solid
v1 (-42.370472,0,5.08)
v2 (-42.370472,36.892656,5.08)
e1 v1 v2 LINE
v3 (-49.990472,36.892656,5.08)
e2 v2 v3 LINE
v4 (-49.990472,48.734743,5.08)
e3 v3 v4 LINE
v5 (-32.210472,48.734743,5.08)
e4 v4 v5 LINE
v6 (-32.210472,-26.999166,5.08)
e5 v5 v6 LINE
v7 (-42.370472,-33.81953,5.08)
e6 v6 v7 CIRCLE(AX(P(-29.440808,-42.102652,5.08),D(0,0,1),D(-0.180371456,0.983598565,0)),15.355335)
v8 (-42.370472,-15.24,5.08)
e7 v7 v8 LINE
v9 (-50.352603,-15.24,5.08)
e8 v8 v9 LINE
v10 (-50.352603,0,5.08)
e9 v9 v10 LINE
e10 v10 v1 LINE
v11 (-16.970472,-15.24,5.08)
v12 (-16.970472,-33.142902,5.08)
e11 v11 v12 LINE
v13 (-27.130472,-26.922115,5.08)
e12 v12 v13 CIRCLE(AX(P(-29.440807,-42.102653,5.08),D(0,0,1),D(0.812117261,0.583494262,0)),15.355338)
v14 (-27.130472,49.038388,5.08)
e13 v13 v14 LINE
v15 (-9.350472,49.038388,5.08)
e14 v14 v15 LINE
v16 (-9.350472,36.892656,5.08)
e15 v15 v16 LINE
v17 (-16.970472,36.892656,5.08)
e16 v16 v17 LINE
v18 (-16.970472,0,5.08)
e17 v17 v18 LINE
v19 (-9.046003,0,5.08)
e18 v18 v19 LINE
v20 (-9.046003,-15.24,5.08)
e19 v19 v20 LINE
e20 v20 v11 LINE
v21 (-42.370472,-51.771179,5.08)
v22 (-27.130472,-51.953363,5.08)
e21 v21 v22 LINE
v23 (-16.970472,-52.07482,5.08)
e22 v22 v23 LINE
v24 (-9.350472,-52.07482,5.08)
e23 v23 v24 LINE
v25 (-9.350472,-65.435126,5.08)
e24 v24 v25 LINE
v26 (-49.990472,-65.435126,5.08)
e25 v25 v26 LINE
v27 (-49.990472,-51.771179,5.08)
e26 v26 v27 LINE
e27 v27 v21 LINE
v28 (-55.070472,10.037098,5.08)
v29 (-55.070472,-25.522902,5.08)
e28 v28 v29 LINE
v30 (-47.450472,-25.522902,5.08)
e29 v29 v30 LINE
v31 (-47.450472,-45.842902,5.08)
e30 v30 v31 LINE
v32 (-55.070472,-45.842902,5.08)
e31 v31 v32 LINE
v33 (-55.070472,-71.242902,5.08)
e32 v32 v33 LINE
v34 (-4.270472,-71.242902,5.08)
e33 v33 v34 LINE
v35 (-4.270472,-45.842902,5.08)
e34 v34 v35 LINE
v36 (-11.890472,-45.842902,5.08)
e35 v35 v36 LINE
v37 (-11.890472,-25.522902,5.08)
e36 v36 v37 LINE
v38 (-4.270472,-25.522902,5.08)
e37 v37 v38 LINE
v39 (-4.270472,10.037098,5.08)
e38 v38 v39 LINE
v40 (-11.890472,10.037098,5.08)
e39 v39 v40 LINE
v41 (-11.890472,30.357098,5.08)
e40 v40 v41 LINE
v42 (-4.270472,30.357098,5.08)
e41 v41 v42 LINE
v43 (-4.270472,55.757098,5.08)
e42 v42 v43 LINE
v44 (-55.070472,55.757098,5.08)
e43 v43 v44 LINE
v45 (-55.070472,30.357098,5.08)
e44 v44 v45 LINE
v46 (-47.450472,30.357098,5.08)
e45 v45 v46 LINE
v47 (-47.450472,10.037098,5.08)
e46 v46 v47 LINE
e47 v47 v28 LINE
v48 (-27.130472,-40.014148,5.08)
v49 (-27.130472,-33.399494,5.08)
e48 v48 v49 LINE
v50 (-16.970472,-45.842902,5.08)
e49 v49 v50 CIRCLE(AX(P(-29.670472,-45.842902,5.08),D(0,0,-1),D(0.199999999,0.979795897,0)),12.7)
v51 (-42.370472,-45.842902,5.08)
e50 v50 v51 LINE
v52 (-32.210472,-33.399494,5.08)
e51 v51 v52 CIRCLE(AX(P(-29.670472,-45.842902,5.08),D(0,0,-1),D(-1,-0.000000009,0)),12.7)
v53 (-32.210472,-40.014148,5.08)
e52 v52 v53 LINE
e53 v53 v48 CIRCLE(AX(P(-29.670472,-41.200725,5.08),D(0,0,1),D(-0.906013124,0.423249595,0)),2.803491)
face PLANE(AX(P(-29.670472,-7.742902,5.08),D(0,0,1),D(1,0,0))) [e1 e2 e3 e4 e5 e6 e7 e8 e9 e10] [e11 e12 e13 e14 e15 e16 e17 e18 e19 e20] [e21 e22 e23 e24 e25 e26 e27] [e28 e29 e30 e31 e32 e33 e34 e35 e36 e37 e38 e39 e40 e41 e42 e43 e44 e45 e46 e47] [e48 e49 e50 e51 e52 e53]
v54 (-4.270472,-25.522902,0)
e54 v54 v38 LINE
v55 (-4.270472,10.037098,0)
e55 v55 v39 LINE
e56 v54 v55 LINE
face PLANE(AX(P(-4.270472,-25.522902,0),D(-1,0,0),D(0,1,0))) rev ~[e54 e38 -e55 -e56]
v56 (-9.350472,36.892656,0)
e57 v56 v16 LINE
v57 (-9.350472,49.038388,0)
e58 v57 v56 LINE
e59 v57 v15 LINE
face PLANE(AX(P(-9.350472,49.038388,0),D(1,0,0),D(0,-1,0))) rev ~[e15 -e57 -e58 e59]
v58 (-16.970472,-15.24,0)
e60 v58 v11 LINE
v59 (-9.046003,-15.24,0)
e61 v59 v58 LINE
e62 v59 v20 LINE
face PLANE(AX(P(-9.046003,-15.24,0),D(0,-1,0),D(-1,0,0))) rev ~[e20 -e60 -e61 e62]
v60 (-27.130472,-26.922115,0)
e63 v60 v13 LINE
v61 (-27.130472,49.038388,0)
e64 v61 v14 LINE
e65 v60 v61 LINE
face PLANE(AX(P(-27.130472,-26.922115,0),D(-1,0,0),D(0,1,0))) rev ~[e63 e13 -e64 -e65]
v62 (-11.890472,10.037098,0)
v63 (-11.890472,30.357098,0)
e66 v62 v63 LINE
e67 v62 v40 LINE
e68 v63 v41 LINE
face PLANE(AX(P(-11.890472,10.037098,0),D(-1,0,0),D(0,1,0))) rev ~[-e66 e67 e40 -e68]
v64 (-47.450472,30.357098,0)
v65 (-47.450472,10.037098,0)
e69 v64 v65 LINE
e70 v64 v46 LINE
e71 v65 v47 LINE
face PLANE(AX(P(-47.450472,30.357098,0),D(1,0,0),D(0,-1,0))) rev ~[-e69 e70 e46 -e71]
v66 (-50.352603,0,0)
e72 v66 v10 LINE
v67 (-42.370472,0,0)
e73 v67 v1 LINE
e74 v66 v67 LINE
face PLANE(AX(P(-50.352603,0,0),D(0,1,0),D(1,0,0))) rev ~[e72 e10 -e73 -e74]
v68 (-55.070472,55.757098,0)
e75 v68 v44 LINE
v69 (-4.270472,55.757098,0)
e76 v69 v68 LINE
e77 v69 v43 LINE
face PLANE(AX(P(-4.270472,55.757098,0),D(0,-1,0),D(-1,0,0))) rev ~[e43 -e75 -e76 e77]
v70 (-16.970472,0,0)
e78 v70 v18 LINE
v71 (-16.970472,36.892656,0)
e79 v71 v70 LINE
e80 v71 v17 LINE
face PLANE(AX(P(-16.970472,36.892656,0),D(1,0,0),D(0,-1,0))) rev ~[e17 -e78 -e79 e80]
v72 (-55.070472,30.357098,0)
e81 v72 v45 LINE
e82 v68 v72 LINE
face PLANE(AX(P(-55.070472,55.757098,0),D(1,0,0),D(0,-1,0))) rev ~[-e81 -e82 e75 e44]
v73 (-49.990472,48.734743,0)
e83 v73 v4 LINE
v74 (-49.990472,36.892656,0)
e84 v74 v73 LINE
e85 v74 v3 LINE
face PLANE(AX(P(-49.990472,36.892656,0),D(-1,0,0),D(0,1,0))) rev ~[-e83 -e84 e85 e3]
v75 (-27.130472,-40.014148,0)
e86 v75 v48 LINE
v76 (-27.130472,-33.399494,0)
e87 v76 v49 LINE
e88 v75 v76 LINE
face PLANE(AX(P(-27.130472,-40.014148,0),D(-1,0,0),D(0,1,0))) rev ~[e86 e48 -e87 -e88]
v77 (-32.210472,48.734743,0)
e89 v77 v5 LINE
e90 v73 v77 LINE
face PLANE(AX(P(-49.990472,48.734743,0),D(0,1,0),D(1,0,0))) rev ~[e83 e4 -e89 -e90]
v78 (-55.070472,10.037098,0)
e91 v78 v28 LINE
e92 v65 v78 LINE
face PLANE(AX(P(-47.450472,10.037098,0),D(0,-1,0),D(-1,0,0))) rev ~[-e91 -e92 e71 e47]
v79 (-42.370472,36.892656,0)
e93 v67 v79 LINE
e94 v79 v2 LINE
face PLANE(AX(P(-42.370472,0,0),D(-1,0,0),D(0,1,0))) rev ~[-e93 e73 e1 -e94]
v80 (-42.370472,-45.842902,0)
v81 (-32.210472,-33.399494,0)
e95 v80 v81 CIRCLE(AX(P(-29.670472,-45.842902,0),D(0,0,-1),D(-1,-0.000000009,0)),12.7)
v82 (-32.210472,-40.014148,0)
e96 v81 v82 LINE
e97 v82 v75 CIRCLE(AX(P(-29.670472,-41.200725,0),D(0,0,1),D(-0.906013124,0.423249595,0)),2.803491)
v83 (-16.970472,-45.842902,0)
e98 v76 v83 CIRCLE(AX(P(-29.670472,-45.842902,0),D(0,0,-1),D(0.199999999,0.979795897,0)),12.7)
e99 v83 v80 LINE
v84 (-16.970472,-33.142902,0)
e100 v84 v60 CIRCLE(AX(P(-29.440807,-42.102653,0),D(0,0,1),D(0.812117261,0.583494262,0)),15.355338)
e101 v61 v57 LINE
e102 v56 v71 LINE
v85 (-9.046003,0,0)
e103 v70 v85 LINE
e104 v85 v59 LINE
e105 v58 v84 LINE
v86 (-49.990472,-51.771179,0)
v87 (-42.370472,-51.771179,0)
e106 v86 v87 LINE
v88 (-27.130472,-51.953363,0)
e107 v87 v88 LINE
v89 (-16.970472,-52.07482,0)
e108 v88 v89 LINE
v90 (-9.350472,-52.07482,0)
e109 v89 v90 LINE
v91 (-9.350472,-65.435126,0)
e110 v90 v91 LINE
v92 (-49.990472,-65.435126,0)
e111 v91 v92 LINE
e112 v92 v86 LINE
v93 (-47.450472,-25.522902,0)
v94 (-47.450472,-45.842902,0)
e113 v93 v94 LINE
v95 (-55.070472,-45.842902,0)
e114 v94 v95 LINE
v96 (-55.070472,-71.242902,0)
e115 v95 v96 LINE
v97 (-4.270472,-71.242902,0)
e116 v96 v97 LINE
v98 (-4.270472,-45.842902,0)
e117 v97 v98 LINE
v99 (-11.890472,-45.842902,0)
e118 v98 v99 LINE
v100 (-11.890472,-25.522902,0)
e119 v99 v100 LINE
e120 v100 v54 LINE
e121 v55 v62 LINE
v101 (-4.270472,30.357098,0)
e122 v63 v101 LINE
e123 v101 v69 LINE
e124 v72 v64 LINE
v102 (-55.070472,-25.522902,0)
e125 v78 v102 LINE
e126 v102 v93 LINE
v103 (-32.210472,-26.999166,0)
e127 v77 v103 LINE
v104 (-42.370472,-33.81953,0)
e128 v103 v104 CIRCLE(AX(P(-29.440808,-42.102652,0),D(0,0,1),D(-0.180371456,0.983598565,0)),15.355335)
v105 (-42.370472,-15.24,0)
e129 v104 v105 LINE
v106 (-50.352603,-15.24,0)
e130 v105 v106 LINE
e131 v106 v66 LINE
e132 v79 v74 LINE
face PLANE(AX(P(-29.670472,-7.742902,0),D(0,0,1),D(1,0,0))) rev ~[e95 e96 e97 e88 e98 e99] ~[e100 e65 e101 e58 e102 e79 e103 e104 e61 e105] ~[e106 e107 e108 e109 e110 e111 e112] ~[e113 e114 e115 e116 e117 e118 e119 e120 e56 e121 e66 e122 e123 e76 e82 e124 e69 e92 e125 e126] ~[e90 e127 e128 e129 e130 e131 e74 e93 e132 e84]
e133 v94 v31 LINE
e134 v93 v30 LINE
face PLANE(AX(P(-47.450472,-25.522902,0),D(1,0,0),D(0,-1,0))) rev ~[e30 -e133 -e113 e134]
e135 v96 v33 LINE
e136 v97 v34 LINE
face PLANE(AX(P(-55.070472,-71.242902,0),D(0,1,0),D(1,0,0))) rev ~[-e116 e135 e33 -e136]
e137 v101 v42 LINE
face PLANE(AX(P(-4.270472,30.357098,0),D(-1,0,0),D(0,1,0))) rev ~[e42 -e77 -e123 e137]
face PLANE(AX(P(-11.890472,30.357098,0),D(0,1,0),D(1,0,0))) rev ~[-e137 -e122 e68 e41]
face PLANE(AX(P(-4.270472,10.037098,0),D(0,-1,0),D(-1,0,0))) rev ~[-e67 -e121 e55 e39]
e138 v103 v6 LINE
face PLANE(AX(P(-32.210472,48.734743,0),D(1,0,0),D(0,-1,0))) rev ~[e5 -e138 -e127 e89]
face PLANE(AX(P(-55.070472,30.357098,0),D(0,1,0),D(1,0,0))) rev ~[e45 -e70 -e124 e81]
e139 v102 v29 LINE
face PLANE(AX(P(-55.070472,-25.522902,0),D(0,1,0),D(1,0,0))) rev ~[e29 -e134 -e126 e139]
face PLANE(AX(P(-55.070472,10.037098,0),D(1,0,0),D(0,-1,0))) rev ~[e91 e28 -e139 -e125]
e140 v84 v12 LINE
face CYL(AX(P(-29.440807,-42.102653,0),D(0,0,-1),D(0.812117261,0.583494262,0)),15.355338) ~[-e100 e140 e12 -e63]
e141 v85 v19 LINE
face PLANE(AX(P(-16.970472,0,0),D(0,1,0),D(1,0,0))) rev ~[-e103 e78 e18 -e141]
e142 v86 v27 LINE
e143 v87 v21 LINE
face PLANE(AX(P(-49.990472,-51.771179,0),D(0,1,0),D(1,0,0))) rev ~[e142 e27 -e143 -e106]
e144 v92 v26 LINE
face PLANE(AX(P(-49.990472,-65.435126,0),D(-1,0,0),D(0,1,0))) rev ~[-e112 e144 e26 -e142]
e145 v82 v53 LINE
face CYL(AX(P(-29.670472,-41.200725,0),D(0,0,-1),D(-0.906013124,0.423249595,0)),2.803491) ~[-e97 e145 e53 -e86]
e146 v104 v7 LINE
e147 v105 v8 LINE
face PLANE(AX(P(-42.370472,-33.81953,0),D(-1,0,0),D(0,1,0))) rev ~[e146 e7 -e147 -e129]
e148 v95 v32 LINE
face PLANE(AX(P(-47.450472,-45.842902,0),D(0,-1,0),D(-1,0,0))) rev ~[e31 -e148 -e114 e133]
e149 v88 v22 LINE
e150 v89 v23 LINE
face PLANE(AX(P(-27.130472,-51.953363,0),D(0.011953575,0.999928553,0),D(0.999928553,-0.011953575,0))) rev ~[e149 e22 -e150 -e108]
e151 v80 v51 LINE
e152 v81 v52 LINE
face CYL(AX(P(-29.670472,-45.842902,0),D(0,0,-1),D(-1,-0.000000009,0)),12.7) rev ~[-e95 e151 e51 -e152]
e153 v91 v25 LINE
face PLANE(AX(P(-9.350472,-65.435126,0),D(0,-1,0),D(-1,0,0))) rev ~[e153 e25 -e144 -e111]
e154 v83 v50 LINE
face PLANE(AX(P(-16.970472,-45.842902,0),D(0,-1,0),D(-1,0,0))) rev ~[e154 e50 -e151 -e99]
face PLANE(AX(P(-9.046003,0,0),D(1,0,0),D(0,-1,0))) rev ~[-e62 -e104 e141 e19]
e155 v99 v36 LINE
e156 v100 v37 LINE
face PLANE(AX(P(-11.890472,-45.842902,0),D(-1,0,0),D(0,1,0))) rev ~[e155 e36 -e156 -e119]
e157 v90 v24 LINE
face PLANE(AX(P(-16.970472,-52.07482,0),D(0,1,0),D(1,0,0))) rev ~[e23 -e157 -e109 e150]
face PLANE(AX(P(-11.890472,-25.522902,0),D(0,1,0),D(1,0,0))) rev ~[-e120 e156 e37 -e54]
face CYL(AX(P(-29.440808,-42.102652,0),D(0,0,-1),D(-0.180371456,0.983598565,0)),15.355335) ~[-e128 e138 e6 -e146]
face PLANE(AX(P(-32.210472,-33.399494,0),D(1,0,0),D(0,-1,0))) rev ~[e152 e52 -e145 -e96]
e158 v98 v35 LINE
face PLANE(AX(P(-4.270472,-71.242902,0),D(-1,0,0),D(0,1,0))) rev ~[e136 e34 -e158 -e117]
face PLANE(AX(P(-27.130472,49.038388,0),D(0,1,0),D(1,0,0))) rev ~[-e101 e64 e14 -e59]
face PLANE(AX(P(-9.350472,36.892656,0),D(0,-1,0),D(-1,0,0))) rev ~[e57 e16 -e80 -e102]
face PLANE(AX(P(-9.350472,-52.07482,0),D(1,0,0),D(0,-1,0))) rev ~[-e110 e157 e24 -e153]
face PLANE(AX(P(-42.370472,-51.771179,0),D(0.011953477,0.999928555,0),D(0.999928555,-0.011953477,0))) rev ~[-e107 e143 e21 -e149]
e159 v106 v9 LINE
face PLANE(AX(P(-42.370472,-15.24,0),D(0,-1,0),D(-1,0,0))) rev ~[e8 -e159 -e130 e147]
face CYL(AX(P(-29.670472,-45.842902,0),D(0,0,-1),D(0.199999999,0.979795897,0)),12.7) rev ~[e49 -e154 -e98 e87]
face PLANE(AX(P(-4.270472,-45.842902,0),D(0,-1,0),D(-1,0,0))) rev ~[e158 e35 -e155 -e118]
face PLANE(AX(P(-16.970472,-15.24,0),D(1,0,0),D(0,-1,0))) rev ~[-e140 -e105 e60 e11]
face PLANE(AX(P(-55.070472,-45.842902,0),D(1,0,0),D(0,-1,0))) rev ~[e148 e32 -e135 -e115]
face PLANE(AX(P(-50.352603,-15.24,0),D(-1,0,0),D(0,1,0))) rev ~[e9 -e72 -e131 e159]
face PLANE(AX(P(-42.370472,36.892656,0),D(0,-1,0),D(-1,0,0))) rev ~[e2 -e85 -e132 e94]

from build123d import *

# Parameters (mm, degrees)
F1_DEPTH = 5.08


with BuildPart() as f1:
    # F0 (on Top) → F1 (new body)
    with BuildSketch(Plane.XY):
        Polygon((-4.270472, 55.757098), (-55.070472, 55.757098), (-55.070472, 30.357098), (-47.450472, 30.357098), (-47.450472, 10.037098), (-55.070472, 10.037098), (-55.070472, -25.522902), (-47.450472, -25.522902), (-47.450472, -45.842902), (-55.070472, -45.842902), (-55.070472, -71.242902), (-4.270472, -71.242902), (-4.270472, -45.842902), (-11.890472, -45.842902), (-11.890472, -25.522902), (-4.270472, -25.522902), (-4.270472, 10.037098), (-11.890472, 10.037098), (-11.890472, 30.357098), (-4.270472, 30.357098), align=None)
        Polygon((-49.990472, -51.771179), (-42.370472, -51.771179), (-32.210472, -51.892635), (-27.130472, -51.953363), (-16.970472, -52.07482), (-9.350472, -52.07482), (-9.350472, -65.435126), (-27.130472, -65.435126), (-32.210472, -65.435126), (-49.990472, -65.435126), align=None, mode=Mode.SUBTRACT)
        with BuildLine():
            Line((-16.970472, -45.842902), (-42.370472, -45.842902))
            ThreePointArc((-42.370472, -45.842902), (-39.50785, -37.810717), (-32.210472, -33.399494))
            Line((-32.210472, -33.399494), (-32.210472, -40.014148))
            ThreePointArc((-32.210472, -40.014148), (-29.670472, -44.004216), (-27.130472, -40.014148))
            Line((-27.130472, -40.014148), (-27.130472, -33.399494))
            ThreePointArc((-27.130472, -33.399494), (-19.833094, -37.810717), (-16.970472, -45.842902))
        make_face(mode=Mode.SUBTRACT)
        with BuildLine():
            Line((-49.990472, 48.734743), (-42.370472, 48.734743))
            Line((-42.370472, 48.734743), (-32.210472, 48.734743))
            Line((-32.210472, 48.734743), (-32.210472, -26.999166))
            ThreePointArc((-32.210472, -26.999166), (-37.999229, -29.353544), (-42.370472, -33.81953))
            Line((-42.370472, -33.81953), (-42.370472, -15.24))
            Line((-42.370472, -15.24), (-50.352603, -15.24))
            Line((-50.352603, -15.24), (-50.352603, 0))
            Line((-50.352603, 0), (-42.370472, 0))
            Line((-42.370472, 0), (-42.370472, 36.892656))
            Line((-42.370472, 36.892656), (-49.990472, 36.892656))
            Line((-49.990472, 36.892656), (-49.990472, 48.734743))
        make_face(mode=Mode.SUBTRACT)
        with BuildLine():
            Line((-27.130472, -26.922115), (-27.130472, 49.038388))
            Line((-27.130472, 49.038388), (-16.970472, 49.038388))
            Line((-16.970472, 49.038388), (-9.350472, 49.038388))
            Line((-9.350472, 49.038388), (-9.350472, 36.892656))
            Line((-9.350472, 36.892656), (-16.970472, 36.892656))
            Line((-16.970472, 36.892656), (-16.970472, 0))
            Line((-16.970472, 0), (-9.046003, 0))
            Line((-9.046003, 0), (-9.046003, -15.24))
            Line((-9.046003, -15.24), (-16.970472, -15.24))
            Line((-16.970472, -15.24), (-16.970472, -33.142902))
            ThreePointArc((-16.970472, -33.142902), (-21.422603, -29.007051), (-27.130472, -26.922115))
        make_face(mode=Mode.SUBTRACT)
    extrude(amount=F1_DEPTH)


solid = f1.part
